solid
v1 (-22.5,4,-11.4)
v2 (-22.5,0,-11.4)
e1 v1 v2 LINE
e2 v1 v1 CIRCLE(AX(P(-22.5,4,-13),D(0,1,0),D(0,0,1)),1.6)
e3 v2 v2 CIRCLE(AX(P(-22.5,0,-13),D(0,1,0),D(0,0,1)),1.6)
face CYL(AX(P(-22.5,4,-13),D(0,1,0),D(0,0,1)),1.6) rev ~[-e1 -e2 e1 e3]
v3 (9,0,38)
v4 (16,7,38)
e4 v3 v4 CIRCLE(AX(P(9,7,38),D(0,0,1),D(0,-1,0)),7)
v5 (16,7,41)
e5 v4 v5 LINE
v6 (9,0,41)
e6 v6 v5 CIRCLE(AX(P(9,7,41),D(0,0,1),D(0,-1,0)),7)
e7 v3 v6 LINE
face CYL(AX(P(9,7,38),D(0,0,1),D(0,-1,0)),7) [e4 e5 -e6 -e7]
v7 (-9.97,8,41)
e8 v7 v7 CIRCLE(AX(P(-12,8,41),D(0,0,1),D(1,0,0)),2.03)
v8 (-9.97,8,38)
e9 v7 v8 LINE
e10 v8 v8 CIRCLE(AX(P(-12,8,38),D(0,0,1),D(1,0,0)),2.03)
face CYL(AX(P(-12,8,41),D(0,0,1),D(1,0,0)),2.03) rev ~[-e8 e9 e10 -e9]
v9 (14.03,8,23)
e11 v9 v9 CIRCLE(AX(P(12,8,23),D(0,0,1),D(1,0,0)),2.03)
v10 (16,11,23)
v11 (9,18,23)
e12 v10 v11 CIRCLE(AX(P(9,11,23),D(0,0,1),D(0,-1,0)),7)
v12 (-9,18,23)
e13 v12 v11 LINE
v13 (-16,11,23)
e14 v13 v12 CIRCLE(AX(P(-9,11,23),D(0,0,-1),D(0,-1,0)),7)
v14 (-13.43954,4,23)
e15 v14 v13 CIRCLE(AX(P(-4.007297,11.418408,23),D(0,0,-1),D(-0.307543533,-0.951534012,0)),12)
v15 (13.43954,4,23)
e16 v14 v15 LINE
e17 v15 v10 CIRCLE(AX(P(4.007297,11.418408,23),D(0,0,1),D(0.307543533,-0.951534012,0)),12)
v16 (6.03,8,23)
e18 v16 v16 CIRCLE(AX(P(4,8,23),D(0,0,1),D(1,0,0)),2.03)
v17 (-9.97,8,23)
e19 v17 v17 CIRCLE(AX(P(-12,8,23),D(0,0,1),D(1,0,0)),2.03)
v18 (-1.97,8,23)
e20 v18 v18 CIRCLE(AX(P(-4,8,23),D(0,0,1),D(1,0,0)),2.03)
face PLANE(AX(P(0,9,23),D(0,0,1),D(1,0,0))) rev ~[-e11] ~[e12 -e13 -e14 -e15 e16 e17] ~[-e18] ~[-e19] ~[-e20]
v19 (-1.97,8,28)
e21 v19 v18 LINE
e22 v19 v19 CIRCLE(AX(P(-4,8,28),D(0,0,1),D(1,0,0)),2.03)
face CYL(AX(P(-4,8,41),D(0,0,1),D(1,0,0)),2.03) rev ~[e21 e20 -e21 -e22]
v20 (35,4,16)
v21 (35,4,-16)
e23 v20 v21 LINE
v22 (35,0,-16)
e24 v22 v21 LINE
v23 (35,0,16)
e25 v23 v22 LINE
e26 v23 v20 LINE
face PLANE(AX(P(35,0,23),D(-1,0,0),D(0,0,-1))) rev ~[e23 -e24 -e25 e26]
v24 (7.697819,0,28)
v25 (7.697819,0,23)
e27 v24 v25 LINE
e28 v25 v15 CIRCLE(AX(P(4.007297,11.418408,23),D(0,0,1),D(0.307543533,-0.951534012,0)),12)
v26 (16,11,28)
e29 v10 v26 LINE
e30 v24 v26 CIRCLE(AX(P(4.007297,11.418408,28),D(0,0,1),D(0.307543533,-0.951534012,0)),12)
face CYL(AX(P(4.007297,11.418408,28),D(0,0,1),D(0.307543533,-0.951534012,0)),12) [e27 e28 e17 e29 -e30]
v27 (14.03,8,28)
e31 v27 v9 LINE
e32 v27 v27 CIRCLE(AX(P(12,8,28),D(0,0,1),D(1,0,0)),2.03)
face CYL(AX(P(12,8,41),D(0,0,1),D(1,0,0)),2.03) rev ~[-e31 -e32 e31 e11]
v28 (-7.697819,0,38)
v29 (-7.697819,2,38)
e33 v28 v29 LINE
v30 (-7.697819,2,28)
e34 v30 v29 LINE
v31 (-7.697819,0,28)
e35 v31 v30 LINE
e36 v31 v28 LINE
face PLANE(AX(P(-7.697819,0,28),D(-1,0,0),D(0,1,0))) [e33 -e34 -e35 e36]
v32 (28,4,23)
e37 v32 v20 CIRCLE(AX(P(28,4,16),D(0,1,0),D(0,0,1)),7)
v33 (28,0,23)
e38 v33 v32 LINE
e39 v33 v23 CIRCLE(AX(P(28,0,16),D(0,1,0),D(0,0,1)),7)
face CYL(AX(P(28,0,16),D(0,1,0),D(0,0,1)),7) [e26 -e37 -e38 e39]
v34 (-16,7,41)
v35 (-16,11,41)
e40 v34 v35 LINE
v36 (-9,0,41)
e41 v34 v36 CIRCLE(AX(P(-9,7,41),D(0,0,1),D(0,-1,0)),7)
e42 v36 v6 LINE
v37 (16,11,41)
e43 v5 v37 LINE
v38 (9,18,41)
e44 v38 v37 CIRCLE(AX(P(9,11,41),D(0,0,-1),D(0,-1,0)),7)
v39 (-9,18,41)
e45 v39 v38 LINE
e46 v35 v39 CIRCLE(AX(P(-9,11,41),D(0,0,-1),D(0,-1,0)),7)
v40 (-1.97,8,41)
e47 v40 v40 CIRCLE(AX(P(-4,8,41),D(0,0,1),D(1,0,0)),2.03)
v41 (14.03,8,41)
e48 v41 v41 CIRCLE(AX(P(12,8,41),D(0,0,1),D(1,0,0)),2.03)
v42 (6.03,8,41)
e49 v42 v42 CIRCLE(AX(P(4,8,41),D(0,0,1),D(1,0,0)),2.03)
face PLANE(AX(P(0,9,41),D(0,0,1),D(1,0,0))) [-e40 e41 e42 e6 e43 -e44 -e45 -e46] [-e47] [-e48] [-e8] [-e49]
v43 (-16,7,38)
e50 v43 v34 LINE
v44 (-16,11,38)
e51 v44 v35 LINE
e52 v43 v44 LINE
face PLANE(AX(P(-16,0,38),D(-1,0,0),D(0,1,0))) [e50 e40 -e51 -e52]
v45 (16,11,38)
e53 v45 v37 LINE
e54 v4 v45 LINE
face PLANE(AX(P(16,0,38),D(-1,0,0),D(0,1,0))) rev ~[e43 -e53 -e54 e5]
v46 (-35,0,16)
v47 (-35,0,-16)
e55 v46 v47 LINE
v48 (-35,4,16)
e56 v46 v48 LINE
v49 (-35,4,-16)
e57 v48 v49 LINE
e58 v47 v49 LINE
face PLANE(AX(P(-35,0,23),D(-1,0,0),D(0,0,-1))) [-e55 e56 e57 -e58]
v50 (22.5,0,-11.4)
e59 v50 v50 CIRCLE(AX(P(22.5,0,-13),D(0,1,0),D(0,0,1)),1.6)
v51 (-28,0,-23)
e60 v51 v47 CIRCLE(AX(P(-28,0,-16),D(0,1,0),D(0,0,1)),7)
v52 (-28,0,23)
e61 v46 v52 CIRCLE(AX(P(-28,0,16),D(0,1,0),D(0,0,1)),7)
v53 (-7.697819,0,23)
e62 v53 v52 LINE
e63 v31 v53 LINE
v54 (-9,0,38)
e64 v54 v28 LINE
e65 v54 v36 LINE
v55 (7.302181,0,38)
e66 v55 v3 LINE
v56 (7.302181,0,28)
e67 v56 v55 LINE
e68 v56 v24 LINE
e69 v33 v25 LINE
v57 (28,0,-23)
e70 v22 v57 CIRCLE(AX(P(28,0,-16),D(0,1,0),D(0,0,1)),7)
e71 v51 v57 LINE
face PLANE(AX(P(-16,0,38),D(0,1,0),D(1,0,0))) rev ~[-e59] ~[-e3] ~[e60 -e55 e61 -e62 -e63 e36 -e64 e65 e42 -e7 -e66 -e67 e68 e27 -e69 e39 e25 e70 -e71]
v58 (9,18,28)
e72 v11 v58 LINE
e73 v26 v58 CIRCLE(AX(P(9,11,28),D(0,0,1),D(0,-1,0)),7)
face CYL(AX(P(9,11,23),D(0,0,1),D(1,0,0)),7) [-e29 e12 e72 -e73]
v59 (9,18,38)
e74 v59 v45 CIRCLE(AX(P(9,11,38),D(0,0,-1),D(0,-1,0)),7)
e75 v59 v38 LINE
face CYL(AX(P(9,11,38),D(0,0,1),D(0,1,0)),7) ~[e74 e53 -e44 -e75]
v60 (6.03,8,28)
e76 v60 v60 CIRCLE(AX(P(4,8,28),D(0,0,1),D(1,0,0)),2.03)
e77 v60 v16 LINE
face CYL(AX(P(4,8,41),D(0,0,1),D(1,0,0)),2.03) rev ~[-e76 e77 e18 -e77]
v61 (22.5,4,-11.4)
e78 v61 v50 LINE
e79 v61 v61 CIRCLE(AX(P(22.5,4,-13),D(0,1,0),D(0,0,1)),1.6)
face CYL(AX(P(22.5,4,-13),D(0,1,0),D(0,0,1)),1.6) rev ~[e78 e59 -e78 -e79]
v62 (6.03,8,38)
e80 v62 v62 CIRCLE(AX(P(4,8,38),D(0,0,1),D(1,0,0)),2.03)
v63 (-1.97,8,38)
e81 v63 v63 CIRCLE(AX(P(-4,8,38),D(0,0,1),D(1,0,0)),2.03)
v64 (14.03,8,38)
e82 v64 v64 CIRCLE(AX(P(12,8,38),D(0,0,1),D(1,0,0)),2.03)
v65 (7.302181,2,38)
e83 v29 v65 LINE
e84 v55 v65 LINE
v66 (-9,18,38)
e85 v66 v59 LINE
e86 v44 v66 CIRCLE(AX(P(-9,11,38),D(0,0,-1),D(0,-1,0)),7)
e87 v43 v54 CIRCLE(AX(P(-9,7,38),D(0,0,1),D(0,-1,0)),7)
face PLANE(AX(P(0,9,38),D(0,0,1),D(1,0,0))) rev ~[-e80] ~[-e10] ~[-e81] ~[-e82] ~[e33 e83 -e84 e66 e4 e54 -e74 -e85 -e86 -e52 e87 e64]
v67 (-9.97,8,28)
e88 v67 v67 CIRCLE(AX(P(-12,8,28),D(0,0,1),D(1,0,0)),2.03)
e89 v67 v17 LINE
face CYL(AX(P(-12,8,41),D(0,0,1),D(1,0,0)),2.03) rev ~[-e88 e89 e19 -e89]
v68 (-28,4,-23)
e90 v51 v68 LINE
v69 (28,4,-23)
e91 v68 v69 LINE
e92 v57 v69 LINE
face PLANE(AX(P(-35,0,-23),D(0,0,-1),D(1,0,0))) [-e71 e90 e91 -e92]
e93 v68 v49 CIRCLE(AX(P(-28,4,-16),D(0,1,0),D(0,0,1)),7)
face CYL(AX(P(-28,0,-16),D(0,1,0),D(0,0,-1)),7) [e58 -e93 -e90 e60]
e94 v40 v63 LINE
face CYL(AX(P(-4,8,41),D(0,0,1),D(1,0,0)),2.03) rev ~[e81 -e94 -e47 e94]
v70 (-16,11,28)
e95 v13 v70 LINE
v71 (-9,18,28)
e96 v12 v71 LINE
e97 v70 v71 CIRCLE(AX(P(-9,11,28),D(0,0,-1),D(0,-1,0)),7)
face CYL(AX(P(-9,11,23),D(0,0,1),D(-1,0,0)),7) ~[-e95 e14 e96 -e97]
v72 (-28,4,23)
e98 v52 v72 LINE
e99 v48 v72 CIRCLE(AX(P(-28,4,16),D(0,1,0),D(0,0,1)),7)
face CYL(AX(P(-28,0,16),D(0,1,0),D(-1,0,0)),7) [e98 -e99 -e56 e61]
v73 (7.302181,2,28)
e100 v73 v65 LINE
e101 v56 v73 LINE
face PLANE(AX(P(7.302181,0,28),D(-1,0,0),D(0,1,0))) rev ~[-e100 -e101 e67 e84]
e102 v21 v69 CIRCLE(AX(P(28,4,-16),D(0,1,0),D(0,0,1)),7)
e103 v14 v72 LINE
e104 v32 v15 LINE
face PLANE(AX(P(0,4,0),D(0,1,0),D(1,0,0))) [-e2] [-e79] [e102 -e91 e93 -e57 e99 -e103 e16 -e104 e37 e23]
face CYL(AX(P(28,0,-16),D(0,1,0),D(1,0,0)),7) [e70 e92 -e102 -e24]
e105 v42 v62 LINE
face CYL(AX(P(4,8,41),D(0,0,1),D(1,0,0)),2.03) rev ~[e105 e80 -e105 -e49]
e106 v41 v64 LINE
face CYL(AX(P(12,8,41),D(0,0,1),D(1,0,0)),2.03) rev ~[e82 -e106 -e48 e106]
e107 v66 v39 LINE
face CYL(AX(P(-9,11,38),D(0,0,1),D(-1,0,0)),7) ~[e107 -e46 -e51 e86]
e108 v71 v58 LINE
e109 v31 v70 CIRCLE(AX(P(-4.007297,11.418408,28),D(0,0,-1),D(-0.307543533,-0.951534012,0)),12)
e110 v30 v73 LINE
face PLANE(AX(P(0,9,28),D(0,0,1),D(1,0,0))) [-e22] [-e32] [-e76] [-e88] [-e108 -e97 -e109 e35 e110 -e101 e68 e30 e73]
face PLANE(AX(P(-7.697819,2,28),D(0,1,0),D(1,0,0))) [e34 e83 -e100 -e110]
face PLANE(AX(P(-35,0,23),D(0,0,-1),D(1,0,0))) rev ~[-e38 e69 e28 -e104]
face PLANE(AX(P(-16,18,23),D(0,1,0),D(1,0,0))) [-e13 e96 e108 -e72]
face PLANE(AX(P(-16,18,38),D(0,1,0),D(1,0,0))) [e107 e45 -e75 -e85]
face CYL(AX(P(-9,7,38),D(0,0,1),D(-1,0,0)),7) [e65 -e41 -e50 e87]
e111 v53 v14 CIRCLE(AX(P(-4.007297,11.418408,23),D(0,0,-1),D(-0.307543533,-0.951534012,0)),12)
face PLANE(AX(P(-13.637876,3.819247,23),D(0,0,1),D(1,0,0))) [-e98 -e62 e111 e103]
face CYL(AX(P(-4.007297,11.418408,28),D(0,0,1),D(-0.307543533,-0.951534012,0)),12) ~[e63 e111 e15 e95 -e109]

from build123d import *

# Parameters (mm, degrees)
SKETCH_1_W          = 70
SKETCH_1_H          = 46
EXTRUDE_1_DEPTH     = 4
CUT_EXTRUDE_1_REACH = 44.071
SKETCH_2_R          = 1.6
SKETCH_3_W          = 32
SKETCH_3_H          = 18
EXTRUDE_2_DEPTH     = 5
SKETCH_4_W          = 15
SKETCH_4_H          = 2
EXTRUDE_3_DEPTH     = 10
SKETCH_5_W          = 32
SKETCH_5_H          = 18
EXTRUDE_4_DEPTH     = 3
CUT_EXTRUDE_2_REACH = 77.133
SKETCH_6_R          = 2.03
FILLET_2_R          = 7
CUT_EXTRUDE_3_DEPTH = 5


with BuildPart() as part:
    # 草图1 → 凸台-拉伸1 (new body)
    with BuildSketch(Plane(origin=(0, 0, 0), x_dir=(1, 0, 0), z_dir=(0, 1, 0))):
        Rectangle(SKETCH_1_W, SKETCH_1_H)
    extrude(amount=EXTRUDE_1_DEPTH)

    # 草图2 → 切除-拉伸1 (cut, up to next)
    with BuildSketch(Plane(origin=(0, 4, 0), x_dir=(1, 0, 0), z_dir=(0, 1, 0)), mode=Mode.PRIVATE) as cut_extrude_1_sk1:
        with Locations(Location((-22.5, 13, 0), (0, 0, 270))):
            Circle(SKETCH_2_R)
    cut_extrude_1_tool1 = extrude(cut_extrude_1_sk1.sketch, amount=-CUT_EXTRUDE_1_REACH, mode=Mode.PRIVATE) & part.part
    # 草图2 → 切除-拉伸1 (cut, up to next)
    with BuildSketch(Plane(origin=(0, 4, 0), x_dir=(1, 0, 0), z_dir=(0, 1, 0)), mode=Mode.PRIVATE) as cut_extrude_1_sk2:
        with Locations(Location((22.5, 13, 0), (0, 0, 270))):
            Circle(SKETCH_2_R)
    cut_extrude_1_tool2 = extrude(cut_extrude_1_sk2.sketch, amount=-CUT_EXTRUDE_1_REACH, mode=Mode.PRIVATE) & part.part
    add(cut_extrude_1_tool1.solids().sort_by_distance((-22.5, 4, -13))[0], mode=Mode.SUBTRACT)
    add(cut_extrude_1_tool2.solids().sort_by_distance((22.5, 4, -13))[0], mode=Mode.SUBTRACT)

    # 草图3 → 凸台-拉伸2 (add)
    with BuildSketch(Plane.XY.offset(23)):
        with Locations((0, 9)):
            Rectangle(SKETCH_3_W, SKETCH_3_H)
    extrude(amount=EXTRUDE_2_DEPTH)

    # 草图4 → 凸台-拉伸3 (add)
    with BuildSketch(Plane.XY.offset(28)):
        with Locations((-0.197819001, 1)):
            Rectangle(SKETCH_4_W, SKETCH_4_H)
    extrude(amount=EXTRUDE_3_DEPTH)

    # 草图5 → 凸台-拉伸4 (add)
    with BuildSketch(Plane.XY.offset(38)):
        with Locations((0, 9)):
            Rectangle(SKETCH_5_W, SKETCH_5_H)
    extrude(amount=EXTRUDE_4_DEPTH)

    # 切除-拉伸2: up to this face of the body (flat: up to its plane)
    cut_extrude_2_end = Plane(part.part.faces().sort_by_distance((0, 11, 23))[0])
    # 草图6 → 切除-拉伸2 (cut, up to the picked face)
    with BuildSketch(Plane.XY.offset(41), mode=Mode.PRIVATE) as cut_extrude_2_sk1:
        with Locations((-12, 8)):
            Circle(SKETCH_6_R)
    cut_extrude_2_tool1 = split(extrude(cut_extrude_2_sk1.sketch, amount=-CUT_EXTRUDE_2_REACH, mode=Mode.PRIVATE), bisect_by=cut_extrude_2_end, keep=Keep.BOTH, mode=Mode.PRIVATE)
    # 草图6 → 切除-拉伸2 (cut, up to the picked face)
    with BuildSketch(Plane.XY.offset(41), mode=Mode.PRIVATE) as cut_extrude_2_sk2:
        with Locations((-4, 8)):
            Circle(SKETCH_6_R)
    cut_extrude_2_tool2 = split(extrude(cut_extrude_2_sk2.sketch, amount=-CUT_EXTRUDE_2_REACH, mode=Mode.PRIVATE), bisect_by=cut_extrude_2_end, keep=Keep.BOTH, mode=Mode.PRIVATE)
    # 草图6 → 切除-拉伸2 (cut, up to the picked face)
    with BuildSketch(Plane.XY.offset(41), mode=Mode.PRIVATE) as cut_extrude_2_sk3:
        with Locations((4, 8)):
            Circle(SKETCH_6_R)
    cut_extrude_2_tool3 = split(extrude(cut_extrude_2_sk3.sketch, amount=-CUT_EXTRUDE_2_REACH, mode=Mode.PRIVATE), bisect_by=cut_extrude_2_end, keep=Keep.BOTH, mode=Mode.PRIVATE)
    # 草图6 → 切除-拉伸2 (cut, up to the picked face)
    with BuildSketch(Plane.XY.offset(41), mode=Mode.PRIVATE) as cut_extrude_2_sk4:
        with Locations((12, 8)):
            Circle(SKETCH_6_R)
    cut_extrude_2_tool4 = split(extrude(cut_extrude_2_sk4.sketch, amount=-CUT_EXTRUDE_2_REACH, mode=Mode.PRIVATE), bisect_by=cut_extrude_2_end, keep=Keep.BOTH, mode=Mode.PRIVATE)
    add(cut_extrude_2_tool1.solids().sort_by(Axis((-12, 8, 41), (0, 0, -1)))[0], mode=Mode.SUBTRACT)
    add(cut_extrude_2_tool2.solids().sort_by(Axis((-4, 8, 41), (0, 0, -1)))[0], mode=Mode.SUBTRACT)
    add(cut_extrude_2_tool3.solids().sort_by(Axis((4, 8, 41), (0, 0, -1)))[0], mode=Mode.SUBTRACT)
    add(cut_extrude_2_tool4.solids().sort_by(Axis((12, 8, 41), (0, 0, -1)))[0], mode=Mode.SUBTRACT)

    # 圆角2
    fillet_2_edges = [part.edges().sort_by_distance(p)[0] for p in [
        (-16, 18, 25.5),
        (16, 18, 25.5),
        (-16, 18, 39.5),
        (-16, 0, 39.5),
        (16, 0, 39.5),
        (16, 18, 39.5),
        (35, 2, 23),
        (-35, 2, 23),
        (-35, 2, -23),
        (35, 2, -23),
    ]]
    fillet(fillet_2_edges, radius=FILLET_2_R)

    # 草图10 → 切除-拉伸3 (cut)
    with BuildSketch(Plane.XY.offset(28)):
        with BuildLine():
            Line((-16, 11), (-16, 0))
            Line((-16, 0), (-7.697819001, 0))
            ThreePointArc((-7.697819001, 0), (-13.585443233, 4.189362059), (-16, 11))
        make_face()
        with BuildLine():
            Line((16, 0), (7.697819001, 0))
            ThreePointArc((7.697819001, 0), (13.585443233, 4.189362059), (16, 11))
            Line((16, 11), (16, 0))
        make_face()
    extrude(amount=-CUT_EXTRUDE_3_DEPTH, mode=Mode.SUBTRACT)


solid = part.part
